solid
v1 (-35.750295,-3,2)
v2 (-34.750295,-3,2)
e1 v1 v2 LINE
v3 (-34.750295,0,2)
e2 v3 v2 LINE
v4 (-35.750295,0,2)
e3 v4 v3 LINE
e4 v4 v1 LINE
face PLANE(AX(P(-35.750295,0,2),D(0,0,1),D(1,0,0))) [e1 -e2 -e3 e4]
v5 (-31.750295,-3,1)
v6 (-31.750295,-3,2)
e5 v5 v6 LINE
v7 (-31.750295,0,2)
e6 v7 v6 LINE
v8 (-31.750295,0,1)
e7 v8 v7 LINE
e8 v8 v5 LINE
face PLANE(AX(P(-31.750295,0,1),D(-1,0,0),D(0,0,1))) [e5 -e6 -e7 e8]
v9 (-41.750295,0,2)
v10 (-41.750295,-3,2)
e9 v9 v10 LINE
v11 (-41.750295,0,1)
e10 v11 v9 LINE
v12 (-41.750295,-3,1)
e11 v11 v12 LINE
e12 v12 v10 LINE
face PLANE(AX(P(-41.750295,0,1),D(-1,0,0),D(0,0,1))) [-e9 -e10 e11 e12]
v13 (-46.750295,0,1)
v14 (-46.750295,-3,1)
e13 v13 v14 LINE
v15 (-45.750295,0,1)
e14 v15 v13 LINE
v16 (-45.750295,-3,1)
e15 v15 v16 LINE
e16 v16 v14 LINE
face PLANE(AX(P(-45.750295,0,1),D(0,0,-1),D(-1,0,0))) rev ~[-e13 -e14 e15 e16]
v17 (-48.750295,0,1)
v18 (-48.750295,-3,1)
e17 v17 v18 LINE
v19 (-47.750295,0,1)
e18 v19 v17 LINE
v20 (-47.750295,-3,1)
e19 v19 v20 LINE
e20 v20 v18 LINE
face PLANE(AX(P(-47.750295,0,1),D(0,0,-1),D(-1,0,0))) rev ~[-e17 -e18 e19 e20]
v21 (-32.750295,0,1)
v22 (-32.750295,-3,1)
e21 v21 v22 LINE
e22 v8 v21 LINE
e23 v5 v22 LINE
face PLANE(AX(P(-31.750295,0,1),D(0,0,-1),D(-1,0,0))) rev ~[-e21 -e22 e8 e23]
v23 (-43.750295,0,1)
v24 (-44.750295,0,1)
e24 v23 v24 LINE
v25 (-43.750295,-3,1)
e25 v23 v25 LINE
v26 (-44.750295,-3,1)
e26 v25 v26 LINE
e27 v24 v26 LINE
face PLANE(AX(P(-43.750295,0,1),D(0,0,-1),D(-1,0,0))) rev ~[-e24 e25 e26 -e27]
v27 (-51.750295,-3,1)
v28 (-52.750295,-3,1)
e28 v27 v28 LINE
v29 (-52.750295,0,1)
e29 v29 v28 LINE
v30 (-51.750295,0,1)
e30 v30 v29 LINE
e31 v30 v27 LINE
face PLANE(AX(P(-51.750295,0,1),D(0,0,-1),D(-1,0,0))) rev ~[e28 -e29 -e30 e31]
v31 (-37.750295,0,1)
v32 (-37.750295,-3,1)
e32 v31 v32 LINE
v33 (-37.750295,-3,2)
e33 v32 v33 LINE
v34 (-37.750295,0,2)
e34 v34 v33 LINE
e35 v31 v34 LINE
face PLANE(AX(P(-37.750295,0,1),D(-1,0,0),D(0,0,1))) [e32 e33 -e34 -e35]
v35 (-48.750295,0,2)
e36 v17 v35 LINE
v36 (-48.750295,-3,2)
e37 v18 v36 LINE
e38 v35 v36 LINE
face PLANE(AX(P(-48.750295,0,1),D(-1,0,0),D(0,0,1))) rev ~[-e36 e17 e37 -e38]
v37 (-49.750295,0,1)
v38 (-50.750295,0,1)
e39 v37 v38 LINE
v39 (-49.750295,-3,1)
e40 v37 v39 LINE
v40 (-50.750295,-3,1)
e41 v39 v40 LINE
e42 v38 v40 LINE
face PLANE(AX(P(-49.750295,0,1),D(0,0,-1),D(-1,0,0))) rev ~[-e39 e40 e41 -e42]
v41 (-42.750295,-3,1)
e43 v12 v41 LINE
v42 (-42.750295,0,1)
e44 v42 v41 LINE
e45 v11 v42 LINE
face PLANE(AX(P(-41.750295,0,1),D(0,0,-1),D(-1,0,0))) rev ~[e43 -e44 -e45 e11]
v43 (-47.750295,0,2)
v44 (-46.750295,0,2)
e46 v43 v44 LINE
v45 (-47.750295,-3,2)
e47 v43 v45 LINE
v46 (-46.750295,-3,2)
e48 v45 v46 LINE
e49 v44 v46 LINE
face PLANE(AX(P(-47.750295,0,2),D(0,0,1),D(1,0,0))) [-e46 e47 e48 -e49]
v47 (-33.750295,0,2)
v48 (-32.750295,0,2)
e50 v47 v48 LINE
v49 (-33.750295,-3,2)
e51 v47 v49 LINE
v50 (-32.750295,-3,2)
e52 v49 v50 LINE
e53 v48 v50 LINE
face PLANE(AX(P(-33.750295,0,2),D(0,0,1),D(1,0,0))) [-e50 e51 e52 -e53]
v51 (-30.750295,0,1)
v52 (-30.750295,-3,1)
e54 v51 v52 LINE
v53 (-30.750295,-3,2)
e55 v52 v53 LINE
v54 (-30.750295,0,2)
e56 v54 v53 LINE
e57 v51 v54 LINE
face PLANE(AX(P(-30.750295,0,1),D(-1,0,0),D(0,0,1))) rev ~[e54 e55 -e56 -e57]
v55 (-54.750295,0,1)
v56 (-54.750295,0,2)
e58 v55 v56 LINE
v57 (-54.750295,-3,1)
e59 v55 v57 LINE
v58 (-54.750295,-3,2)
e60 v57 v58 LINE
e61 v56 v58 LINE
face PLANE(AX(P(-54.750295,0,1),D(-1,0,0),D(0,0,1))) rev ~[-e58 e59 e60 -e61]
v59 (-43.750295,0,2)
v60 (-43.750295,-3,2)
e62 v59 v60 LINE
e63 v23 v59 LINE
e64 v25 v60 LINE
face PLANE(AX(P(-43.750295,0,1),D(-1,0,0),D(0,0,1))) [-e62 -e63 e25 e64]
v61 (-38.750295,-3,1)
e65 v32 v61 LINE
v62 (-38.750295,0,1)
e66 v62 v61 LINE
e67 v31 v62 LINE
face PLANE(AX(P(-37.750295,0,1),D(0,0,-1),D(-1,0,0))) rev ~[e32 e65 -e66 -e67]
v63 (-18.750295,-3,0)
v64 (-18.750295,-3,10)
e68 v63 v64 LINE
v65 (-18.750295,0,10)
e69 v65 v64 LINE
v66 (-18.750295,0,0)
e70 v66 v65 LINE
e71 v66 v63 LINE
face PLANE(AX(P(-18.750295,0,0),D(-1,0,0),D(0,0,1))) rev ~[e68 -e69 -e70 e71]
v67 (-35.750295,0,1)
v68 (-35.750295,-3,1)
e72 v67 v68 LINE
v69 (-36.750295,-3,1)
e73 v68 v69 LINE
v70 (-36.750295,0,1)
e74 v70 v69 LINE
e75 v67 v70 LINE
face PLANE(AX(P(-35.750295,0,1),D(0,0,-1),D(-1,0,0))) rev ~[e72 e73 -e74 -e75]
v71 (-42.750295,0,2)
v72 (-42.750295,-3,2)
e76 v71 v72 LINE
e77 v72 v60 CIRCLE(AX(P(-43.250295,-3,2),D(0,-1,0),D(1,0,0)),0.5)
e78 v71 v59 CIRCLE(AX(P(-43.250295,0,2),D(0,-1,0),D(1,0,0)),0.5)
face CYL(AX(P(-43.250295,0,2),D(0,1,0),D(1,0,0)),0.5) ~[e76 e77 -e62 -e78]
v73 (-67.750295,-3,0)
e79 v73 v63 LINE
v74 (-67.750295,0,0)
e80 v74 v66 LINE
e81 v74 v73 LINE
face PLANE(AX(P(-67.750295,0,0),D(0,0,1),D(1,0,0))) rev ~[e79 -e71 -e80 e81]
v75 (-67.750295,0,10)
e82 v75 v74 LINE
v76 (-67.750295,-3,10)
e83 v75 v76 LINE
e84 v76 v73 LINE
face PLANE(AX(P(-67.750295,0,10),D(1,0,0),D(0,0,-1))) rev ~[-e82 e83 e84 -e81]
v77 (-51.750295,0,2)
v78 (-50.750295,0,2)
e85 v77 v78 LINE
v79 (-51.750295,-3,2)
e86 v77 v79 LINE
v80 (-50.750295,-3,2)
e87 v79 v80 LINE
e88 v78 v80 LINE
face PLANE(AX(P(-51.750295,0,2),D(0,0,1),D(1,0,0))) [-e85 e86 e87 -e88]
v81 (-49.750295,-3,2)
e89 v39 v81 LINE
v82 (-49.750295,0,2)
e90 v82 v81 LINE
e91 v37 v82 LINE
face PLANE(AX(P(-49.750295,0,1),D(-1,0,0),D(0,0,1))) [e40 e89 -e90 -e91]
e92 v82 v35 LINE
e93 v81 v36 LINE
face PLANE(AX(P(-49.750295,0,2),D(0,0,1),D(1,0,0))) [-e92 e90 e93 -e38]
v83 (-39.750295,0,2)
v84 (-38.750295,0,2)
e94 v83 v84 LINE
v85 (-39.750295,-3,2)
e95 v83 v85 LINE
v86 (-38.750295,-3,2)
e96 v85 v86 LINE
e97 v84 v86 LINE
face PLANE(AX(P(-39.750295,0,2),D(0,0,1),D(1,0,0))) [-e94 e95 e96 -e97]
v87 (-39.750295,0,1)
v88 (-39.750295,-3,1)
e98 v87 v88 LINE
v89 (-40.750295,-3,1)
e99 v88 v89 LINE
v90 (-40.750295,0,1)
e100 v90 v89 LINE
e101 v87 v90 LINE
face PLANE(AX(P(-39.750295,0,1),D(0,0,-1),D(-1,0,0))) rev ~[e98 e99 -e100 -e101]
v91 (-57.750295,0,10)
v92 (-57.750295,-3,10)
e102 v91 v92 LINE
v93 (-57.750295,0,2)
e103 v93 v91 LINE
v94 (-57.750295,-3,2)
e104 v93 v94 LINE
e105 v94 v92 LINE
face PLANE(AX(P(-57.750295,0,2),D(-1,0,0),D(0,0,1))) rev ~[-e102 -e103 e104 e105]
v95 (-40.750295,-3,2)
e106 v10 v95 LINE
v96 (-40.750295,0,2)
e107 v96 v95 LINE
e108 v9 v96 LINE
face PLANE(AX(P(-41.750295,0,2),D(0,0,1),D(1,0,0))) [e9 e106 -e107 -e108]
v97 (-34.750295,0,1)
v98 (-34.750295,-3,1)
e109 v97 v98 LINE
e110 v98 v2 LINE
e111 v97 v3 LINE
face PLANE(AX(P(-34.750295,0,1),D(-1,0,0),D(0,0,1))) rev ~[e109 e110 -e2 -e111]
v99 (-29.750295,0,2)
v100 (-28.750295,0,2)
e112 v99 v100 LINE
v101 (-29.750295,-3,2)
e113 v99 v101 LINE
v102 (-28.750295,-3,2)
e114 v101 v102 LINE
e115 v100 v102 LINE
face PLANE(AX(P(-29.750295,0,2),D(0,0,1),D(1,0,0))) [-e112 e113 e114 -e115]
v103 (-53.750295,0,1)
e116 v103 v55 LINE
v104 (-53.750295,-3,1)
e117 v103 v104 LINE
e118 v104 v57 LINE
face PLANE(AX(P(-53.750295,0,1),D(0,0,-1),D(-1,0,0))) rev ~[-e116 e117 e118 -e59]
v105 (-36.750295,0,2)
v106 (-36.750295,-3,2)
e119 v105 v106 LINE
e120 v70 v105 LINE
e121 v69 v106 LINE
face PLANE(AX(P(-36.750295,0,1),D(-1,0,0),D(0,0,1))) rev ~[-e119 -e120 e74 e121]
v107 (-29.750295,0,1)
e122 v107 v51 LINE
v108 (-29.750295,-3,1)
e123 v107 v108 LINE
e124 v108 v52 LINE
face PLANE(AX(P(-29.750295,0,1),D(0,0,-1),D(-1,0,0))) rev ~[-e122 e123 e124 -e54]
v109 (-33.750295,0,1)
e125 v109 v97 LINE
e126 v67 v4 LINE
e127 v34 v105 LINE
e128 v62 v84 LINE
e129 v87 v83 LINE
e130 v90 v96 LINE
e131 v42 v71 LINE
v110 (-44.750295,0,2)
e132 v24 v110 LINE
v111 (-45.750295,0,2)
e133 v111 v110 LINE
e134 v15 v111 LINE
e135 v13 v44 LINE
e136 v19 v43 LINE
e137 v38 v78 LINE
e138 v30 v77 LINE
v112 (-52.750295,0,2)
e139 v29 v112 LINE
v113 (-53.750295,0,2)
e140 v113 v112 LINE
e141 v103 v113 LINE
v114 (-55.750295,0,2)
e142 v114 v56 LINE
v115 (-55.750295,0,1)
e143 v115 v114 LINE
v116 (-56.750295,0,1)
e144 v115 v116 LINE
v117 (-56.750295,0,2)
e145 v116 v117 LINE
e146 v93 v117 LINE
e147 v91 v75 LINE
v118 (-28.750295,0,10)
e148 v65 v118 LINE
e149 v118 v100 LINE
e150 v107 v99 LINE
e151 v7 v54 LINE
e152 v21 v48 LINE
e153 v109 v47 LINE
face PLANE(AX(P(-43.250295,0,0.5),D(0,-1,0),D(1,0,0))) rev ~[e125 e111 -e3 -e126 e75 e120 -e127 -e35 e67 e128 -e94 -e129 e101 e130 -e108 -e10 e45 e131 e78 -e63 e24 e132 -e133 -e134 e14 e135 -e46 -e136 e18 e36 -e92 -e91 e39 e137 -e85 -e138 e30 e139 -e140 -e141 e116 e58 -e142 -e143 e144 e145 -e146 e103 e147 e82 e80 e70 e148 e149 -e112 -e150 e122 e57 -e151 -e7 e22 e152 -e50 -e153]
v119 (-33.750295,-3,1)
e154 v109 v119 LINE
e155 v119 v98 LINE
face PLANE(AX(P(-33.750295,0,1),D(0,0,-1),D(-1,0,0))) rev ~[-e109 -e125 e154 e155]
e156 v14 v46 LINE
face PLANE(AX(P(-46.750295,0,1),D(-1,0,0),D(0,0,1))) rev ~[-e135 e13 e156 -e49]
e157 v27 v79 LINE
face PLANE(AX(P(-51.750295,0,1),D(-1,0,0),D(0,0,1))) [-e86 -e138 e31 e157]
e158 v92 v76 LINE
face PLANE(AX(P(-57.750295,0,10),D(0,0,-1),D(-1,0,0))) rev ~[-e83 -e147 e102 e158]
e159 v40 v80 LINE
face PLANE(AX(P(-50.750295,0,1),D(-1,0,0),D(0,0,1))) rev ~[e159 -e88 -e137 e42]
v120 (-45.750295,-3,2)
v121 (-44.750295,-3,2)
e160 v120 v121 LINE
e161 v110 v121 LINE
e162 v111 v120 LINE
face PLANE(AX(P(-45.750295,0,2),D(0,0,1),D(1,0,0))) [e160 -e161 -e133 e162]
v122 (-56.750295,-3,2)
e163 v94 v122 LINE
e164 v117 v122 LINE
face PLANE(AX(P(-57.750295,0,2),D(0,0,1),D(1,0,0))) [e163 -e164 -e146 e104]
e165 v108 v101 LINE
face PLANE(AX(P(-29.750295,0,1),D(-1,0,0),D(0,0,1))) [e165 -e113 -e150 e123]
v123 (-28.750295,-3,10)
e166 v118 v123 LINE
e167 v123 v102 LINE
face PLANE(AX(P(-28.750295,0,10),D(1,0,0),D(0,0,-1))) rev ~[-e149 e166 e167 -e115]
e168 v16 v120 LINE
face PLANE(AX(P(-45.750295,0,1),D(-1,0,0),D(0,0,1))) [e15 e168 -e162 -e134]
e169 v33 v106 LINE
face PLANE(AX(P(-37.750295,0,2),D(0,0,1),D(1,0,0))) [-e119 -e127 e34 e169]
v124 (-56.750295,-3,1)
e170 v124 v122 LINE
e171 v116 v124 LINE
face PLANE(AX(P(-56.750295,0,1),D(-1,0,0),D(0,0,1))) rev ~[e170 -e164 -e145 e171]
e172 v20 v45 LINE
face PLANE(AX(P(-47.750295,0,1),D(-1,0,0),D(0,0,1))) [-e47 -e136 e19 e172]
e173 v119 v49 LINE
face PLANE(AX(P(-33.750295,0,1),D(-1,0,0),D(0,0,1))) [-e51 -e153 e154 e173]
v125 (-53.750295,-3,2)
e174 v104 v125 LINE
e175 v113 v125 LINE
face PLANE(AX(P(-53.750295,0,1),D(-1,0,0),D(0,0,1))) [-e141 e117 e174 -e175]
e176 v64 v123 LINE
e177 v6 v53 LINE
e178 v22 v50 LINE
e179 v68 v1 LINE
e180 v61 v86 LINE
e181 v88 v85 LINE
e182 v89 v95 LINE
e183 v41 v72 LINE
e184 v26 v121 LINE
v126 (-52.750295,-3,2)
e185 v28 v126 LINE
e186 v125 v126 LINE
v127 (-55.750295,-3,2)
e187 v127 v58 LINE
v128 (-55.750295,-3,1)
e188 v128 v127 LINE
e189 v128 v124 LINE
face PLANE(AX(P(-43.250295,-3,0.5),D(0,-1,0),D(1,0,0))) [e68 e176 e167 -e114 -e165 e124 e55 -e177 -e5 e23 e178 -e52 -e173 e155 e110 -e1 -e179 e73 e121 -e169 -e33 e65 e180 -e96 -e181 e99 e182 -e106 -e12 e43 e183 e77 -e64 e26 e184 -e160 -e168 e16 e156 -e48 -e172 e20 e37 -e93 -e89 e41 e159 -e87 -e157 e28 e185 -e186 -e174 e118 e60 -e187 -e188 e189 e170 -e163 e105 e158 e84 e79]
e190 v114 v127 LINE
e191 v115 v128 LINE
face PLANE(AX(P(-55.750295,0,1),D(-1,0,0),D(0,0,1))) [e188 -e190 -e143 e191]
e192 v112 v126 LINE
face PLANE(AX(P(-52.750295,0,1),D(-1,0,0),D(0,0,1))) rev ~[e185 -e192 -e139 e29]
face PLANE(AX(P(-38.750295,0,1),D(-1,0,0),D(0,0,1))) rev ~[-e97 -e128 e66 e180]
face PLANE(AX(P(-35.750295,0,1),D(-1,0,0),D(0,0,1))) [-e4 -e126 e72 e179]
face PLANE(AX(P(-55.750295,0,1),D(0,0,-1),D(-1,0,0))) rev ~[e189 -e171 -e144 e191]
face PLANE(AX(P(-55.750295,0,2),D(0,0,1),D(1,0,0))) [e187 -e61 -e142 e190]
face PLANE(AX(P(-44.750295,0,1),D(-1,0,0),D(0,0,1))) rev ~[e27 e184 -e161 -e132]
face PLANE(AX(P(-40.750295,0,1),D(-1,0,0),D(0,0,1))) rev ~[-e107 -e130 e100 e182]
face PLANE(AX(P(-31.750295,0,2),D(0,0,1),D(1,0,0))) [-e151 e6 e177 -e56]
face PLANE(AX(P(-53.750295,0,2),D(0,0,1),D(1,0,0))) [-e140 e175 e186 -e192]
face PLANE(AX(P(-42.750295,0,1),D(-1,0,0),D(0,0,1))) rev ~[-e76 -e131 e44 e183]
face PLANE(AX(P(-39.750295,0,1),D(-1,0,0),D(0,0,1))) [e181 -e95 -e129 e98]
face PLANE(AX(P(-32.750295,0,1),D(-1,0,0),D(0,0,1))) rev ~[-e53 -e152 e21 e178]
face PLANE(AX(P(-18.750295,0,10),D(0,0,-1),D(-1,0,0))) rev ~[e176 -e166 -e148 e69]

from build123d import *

# Parameters (mm, degrees)
F0_W     = 1
F0_H     = 1
F1_DEPTH = 3


with BuildPart() as f1:
    # F0 (on Front) → F1 (new body)
    with BuildSketch(Plane.XZ):
        Polygon((-57.750295, 1), (-57.750295, 0), (-28.750295, 0), (-28.750295, 1), (-29.750295, 1), (-30.750295, 1), (-31.750295, 1), (-32.750295, 1), (-33.750295, 1), (-34.750295, 1), (-35.750295, 1), (-36.750295, 1), (-37.750295, 1), (-38.750295, 1), (-39.750295, 1), (-40.750295, 1), (-41.750295, 1), (-42.750295, 1), (-43.750295, 1), (-44.750295, 1), (-45.750295, 1), (-46.750295, 1), (-47.750295, 1), (-48.750295, 1), (-49.750295, 1), (-50.750295, 1), (-51.750295, 1), (-52.750295, 1), (-53.750295, 1), (-54.750295, 1), (-55.750295, 1), (-56.750295, 1), align=None)
        Polygon((-67.750295, 0), (-57.750295, 0), (-57.750295, 1), (-57.750295, 2), (-57.750295, 10), (-67.750295, 10), align=None)
        Polygon((-28.750295, 1), (-28.750295, 0), (-18.750295, 0), (-18.750295, 10), (-28.750295, 10), (-28.750295, 2), align=None)
        with Locations((-57.250295, 1.5)):
            Rectangle(F0_W, F0_H)
        with Locations((-29.250295, 1.5)):
            Rectangle(F0_W, F0_H)
        with Locations((-55.250295, 1.5)):
            Rectangle(F0_W, F0_H)
        with Locations((-31.250295, 1.5)):
            Rectangle(F0_W, F0_H)
        with Locations((-53.250295, 1.5)):
            Rectangle(F0_W, F0_H)
        with Locations((-33.250295, 1.5)):
            Rectangle(F0_W, F0_H)
        with Locations((-51.250295, 1.5)):
            Rectangle(F0_W, F0_H)
        with Locations((-35.250295, 1.5)):
            Rectangle(F0_W, F0_H)
        with Locations((-49.250295, 1.5)):
            Rectangle(F0_W, F0_H)
        with Locations((-37.250295, 1.5)):
            Rectangle(F0_W, F0_H)
        with Locations((-47.250295, 1.5)):
            Rectangle(F0_W, F0_H)
        with Locations((-39.250295, 1.5)):
            Rectangle(F0_W, F0_H)
        with Locations((-45.250295, 1.5)):
            Rectangle(F0_W, F0_H)
        with Locations((-41.250295, 1.5)):
            Rectangle(F0_W, F0_H)
        with Locations((-43.250295, 1.5)):
            Rectangle(F0_W, F0_H)
        with BuildLine():
            ThreePointArc((-42.750295, 2), (-43.250295, 2.5), (-43.750295, 2))
            Line((-43.750295, 2), (-42.750295, 2))
        make_face()
    extrude(amount=F1_DEPTH)


solid = f1.part
